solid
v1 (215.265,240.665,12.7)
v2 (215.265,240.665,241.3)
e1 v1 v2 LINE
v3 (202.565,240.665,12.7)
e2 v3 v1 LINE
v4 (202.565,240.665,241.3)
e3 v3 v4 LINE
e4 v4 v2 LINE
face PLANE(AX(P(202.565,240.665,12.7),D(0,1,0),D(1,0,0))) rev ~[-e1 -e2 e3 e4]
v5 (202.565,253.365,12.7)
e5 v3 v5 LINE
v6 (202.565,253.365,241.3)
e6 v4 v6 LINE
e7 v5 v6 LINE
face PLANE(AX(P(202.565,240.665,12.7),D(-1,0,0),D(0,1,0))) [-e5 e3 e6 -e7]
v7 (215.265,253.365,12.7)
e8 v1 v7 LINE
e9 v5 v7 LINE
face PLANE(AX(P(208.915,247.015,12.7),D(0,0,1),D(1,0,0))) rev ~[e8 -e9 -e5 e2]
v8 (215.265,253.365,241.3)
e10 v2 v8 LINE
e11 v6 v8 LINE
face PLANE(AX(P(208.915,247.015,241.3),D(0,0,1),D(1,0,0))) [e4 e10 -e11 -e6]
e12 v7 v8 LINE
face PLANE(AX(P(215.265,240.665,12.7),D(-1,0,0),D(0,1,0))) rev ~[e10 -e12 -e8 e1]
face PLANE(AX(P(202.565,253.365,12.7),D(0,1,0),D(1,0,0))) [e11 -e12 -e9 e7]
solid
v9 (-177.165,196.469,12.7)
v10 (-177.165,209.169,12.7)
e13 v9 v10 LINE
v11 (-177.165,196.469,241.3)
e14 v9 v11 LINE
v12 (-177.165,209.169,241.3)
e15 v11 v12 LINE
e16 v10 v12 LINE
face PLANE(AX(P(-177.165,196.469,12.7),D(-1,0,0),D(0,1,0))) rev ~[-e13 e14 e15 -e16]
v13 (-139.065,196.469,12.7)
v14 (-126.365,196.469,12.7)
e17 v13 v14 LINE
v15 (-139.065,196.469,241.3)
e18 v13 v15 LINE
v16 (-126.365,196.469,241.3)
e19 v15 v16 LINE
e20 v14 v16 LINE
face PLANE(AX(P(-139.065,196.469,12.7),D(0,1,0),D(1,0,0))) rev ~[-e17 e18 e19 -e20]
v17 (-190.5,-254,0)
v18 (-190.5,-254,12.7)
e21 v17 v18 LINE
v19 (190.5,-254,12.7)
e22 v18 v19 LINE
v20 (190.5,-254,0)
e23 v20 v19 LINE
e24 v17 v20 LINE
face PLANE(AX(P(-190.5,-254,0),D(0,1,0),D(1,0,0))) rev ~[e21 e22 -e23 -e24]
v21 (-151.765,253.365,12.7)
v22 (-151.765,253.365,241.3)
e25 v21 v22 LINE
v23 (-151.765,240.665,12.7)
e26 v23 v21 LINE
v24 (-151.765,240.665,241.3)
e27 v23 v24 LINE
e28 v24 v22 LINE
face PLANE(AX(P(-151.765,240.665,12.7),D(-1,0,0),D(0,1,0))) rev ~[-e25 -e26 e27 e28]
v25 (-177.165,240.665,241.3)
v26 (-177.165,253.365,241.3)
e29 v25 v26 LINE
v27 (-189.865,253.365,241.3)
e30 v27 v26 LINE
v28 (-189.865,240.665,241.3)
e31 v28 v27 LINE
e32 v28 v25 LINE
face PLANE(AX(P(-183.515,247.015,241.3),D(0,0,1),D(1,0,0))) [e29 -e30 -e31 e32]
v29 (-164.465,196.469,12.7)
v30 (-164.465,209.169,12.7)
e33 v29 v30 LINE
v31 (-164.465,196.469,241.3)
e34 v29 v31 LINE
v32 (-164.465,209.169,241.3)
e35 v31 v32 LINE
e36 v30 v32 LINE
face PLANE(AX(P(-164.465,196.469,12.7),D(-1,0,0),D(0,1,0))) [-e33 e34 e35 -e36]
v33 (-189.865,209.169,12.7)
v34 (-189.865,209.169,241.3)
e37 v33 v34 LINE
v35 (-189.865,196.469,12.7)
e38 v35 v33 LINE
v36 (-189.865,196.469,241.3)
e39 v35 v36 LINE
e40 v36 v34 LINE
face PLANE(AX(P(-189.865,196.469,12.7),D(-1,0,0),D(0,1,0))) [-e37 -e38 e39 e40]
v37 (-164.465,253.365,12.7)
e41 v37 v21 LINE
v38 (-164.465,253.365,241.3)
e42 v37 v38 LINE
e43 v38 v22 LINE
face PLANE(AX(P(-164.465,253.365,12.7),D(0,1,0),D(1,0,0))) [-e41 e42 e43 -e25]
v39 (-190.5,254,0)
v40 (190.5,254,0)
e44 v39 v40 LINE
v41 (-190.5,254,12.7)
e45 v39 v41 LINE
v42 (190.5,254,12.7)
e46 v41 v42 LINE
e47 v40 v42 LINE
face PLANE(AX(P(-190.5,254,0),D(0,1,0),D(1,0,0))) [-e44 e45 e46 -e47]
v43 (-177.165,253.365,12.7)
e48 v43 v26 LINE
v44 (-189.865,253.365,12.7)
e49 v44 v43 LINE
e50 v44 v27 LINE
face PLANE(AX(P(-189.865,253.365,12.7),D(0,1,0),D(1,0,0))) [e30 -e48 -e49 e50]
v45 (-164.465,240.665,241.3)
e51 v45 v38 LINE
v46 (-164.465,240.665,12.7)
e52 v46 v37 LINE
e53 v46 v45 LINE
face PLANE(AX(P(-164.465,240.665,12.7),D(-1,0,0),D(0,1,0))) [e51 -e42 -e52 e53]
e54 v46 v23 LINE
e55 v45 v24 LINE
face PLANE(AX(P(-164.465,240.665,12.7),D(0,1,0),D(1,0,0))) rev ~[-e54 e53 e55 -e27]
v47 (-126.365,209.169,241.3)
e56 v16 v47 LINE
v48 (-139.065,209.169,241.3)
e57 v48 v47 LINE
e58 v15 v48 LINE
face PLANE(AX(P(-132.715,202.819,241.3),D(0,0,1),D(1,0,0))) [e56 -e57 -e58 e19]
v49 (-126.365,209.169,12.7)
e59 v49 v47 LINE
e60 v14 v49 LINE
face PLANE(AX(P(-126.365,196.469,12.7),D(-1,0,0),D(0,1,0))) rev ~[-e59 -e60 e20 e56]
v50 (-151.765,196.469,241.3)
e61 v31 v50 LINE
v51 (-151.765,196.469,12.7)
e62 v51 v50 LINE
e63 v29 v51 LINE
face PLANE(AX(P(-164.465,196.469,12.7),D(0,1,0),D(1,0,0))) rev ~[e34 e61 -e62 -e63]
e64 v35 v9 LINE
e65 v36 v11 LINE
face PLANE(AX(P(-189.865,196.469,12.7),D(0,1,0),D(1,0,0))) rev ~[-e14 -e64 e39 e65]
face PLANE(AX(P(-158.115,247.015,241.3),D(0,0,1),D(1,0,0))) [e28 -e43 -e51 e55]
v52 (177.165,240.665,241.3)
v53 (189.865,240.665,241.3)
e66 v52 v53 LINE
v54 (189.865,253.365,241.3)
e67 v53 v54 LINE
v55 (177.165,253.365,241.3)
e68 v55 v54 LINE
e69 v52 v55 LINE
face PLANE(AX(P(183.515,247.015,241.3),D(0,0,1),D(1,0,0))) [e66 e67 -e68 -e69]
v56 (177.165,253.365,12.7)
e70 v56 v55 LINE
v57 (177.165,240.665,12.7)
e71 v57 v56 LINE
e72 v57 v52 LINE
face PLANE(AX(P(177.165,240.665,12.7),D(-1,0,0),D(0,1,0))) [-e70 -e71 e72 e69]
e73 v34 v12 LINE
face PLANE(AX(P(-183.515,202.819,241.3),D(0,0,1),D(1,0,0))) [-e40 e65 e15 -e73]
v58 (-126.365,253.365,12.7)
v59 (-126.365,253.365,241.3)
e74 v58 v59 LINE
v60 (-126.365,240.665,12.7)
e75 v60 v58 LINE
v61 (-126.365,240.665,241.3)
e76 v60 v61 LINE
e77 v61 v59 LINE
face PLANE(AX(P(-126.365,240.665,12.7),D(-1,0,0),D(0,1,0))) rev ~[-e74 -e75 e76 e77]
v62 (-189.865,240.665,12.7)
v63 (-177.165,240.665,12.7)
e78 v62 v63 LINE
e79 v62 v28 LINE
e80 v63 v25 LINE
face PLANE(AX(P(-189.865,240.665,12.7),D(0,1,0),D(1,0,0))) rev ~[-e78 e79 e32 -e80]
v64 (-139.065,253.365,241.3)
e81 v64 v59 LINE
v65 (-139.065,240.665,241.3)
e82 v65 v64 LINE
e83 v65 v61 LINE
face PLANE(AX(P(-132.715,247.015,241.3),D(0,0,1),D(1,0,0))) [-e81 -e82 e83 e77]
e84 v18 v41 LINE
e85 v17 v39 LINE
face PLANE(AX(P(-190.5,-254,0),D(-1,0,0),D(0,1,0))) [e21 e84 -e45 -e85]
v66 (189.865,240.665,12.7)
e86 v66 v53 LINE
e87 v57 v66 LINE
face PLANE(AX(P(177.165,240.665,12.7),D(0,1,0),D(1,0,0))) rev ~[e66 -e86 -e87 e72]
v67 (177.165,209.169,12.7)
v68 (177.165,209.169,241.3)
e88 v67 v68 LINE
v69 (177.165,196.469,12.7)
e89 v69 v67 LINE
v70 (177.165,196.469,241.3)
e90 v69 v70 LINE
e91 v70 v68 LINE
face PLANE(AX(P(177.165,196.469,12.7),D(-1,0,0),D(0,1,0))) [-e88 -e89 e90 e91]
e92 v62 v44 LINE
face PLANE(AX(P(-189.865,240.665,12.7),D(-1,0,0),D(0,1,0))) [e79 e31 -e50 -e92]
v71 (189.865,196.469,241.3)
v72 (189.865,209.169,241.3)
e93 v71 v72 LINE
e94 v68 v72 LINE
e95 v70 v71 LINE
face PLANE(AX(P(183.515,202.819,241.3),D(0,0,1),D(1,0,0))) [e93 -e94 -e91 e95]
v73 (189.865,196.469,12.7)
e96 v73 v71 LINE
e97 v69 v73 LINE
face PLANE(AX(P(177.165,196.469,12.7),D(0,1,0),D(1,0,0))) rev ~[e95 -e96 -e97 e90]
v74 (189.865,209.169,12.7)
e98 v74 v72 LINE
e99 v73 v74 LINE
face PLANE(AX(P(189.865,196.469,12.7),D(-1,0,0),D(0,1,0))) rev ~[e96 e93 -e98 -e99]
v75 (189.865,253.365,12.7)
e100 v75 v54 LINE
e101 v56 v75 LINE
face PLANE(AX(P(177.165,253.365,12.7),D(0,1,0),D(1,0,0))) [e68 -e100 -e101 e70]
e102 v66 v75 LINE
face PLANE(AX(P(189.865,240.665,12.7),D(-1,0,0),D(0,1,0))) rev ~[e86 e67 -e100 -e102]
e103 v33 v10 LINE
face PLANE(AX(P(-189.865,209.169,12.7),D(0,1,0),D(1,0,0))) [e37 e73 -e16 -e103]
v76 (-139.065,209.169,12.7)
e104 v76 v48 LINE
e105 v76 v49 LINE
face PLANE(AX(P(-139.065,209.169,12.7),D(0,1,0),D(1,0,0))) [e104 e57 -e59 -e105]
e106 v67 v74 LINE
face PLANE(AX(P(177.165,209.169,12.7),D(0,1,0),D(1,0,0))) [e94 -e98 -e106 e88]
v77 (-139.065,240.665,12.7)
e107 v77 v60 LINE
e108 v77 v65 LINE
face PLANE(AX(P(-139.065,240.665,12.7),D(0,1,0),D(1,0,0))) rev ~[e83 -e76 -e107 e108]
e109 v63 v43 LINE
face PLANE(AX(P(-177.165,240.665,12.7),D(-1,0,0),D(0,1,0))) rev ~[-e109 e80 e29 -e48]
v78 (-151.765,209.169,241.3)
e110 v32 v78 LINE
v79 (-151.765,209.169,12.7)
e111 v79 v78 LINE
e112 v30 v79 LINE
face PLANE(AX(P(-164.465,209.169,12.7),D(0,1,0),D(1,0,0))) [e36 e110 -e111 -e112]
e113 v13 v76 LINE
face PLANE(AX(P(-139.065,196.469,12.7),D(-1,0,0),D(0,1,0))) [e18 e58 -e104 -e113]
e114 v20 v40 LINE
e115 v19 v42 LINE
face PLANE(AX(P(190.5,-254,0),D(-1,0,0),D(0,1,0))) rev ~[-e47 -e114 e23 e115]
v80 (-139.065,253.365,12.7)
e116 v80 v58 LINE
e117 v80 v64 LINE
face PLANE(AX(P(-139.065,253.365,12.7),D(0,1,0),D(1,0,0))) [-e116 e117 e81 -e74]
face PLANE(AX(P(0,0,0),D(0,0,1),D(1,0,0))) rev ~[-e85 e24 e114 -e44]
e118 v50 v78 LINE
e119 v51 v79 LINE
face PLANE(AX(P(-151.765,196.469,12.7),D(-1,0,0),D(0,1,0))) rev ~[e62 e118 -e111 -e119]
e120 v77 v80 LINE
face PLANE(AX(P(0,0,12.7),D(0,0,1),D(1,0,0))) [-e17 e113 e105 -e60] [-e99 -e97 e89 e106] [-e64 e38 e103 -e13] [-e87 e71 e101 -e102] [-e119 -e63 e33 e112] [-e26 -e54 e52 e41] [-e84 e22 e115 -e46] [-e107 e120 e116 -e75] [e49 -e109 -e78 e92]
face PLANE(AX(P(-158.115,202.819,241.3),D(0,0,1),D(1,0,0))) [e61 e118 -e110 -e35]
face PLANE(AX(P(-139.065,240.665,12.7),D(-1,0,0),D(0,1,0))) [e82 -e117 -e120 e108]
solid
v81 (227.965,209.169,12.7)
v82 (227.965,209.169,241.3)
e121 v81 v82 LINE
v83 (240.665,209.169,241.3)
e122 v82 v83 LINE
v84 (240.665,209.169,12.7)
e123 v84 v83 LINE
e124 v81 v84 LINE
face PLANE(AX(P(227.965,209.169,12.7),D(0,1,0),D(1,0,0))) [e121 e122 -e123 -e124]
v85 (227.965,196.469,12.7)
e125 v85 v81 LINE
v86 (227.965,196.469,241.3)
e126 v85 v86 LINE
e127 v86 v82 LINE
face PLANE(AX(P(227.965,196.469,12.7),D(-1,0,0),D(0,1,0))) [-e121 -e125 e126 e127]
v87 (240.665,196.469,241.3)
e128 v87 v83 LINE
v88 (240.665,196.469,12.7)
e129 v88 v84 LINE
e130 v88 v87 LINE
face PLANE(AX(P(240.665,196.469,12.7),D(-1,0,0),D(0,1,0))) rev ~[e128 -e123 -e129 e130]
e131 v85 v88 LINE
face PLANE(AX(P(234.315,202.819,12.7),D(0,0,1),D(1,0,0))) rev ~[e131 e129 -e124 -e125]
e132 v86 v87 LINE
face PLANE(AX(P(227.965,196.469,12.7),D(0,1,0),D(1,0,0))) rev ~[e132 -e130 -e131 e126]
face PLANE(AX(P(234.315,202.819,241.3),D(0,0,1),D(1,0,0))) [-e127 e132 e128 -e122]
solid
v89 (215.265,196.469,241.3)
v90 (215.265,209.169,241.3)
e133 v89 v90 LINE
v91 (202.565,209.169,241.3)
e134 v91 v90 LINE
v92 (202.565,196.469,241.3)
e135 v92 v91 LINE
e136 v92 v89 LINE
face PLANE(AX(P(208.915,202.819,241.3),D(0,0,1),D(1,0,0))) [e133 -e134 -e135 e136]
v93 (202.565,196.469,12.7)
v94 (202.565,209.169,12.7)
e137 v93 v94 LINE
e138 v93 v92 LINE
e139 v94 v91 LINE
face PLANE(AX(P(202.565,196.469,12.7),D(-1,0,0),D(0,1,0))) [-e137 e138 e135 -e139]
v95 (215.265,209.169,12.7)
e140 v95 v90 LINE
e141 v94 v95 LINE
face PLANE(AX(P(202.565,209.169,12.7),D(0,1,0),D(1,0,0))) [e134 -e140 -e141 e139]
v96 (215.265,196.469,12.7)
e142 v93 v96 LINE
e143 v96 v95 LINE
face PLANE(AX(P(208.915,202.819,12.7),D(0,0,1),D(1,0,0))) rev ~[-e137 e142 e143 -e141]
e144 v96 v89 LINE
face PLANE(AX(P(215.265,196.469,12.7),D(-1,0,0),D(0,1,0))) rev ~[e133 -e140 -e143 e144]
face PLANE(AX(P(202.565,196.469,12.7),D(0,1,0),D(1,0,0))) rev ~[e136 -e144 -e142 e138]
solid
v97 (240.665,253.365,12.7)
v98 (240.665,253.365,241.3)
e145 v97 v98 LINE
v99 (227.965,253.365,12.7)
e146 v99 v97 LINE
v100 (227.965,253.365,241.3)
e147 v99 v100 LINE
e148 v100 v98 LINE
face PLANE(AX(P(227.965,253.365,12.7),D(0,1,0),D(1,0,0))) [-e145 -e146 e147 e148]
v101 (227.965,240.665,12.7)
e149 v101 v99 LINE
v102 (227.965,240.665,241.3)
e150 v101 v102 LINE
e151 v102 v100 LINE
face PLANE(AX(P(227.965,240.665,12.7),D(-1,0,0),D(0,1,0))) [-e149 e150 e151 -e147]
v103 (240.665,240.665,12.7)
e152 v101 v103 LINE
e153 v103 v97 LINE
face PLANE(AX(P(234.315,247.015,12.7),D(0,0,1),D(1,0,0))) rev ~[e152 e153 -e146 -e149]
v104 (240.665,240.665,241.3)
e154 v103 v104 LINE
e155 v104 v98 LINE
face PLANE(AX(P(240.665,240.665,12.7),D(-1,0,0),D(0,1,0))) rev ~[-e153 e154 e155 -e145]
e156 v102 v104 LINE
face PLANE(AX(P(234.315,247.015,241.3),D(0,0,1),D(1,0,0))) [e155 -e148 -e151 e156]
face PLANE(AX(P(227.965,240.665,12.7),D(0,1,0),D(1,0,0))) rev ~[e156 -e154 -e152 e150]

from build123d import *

# Parameters (mm, degrees)
F0_W     = 381
F0_H     = 508
F1_DEPTH = 12.7
F2_W     = 12.7
F2_H     = 12.7
F3_DEPTH = 228.6


with BuildPart() as f1:
    # F0 (on Top) → F1 (new body)
    with BuildSketch(Plane.XY):
        Rectangle(F0_W, F0_H)
    extrude(amount=F1_DEPTH)

    # F2 (on face) → F3 (join)
    with BuildSketch(Plane.XY.offset(12.7)):
        with Locations((-183.515, 247.015)):
            Rectangle(F2_W, F2_H)
        with Locations((183.515, 247.015)):
            Rectangle(F2_W, F2_H)
        with Locations((-183.515, 202.819)):
            Rectangle(F2_W, F2_H)
        with Locations((183.515, 202.819)):
            Rectangle(F2_W, F2_H)
        with Locations((-158.115, 247.015)):
            Rectangle(F2_W, F2_H)
        with Locations((208.915, 247.015)):
            Rectangle(F2_W, F2_H)
        with Locations((-158.115, 202.819)):
            Rectangle(F2_W, F2_H)
        with Locations((208.915, 202.819)):
            Rectangle(F2_W, F2_H)
        with Locations((-132.715, 247.015)):
            Rectangle(F2_W, F2_H)
        with Locations((234.315, 247.015)):
            Rectangle(F2_W, F2_H)
        with Locations((-132.715, 202.819)):
            Rectangle(F2_W, F2_H)
        with Locations((234.315, 202.819)):
            Rectangle(F2_W, F2_H)
    extrude(amount=F3_DEPTH)


solid = f1.part
